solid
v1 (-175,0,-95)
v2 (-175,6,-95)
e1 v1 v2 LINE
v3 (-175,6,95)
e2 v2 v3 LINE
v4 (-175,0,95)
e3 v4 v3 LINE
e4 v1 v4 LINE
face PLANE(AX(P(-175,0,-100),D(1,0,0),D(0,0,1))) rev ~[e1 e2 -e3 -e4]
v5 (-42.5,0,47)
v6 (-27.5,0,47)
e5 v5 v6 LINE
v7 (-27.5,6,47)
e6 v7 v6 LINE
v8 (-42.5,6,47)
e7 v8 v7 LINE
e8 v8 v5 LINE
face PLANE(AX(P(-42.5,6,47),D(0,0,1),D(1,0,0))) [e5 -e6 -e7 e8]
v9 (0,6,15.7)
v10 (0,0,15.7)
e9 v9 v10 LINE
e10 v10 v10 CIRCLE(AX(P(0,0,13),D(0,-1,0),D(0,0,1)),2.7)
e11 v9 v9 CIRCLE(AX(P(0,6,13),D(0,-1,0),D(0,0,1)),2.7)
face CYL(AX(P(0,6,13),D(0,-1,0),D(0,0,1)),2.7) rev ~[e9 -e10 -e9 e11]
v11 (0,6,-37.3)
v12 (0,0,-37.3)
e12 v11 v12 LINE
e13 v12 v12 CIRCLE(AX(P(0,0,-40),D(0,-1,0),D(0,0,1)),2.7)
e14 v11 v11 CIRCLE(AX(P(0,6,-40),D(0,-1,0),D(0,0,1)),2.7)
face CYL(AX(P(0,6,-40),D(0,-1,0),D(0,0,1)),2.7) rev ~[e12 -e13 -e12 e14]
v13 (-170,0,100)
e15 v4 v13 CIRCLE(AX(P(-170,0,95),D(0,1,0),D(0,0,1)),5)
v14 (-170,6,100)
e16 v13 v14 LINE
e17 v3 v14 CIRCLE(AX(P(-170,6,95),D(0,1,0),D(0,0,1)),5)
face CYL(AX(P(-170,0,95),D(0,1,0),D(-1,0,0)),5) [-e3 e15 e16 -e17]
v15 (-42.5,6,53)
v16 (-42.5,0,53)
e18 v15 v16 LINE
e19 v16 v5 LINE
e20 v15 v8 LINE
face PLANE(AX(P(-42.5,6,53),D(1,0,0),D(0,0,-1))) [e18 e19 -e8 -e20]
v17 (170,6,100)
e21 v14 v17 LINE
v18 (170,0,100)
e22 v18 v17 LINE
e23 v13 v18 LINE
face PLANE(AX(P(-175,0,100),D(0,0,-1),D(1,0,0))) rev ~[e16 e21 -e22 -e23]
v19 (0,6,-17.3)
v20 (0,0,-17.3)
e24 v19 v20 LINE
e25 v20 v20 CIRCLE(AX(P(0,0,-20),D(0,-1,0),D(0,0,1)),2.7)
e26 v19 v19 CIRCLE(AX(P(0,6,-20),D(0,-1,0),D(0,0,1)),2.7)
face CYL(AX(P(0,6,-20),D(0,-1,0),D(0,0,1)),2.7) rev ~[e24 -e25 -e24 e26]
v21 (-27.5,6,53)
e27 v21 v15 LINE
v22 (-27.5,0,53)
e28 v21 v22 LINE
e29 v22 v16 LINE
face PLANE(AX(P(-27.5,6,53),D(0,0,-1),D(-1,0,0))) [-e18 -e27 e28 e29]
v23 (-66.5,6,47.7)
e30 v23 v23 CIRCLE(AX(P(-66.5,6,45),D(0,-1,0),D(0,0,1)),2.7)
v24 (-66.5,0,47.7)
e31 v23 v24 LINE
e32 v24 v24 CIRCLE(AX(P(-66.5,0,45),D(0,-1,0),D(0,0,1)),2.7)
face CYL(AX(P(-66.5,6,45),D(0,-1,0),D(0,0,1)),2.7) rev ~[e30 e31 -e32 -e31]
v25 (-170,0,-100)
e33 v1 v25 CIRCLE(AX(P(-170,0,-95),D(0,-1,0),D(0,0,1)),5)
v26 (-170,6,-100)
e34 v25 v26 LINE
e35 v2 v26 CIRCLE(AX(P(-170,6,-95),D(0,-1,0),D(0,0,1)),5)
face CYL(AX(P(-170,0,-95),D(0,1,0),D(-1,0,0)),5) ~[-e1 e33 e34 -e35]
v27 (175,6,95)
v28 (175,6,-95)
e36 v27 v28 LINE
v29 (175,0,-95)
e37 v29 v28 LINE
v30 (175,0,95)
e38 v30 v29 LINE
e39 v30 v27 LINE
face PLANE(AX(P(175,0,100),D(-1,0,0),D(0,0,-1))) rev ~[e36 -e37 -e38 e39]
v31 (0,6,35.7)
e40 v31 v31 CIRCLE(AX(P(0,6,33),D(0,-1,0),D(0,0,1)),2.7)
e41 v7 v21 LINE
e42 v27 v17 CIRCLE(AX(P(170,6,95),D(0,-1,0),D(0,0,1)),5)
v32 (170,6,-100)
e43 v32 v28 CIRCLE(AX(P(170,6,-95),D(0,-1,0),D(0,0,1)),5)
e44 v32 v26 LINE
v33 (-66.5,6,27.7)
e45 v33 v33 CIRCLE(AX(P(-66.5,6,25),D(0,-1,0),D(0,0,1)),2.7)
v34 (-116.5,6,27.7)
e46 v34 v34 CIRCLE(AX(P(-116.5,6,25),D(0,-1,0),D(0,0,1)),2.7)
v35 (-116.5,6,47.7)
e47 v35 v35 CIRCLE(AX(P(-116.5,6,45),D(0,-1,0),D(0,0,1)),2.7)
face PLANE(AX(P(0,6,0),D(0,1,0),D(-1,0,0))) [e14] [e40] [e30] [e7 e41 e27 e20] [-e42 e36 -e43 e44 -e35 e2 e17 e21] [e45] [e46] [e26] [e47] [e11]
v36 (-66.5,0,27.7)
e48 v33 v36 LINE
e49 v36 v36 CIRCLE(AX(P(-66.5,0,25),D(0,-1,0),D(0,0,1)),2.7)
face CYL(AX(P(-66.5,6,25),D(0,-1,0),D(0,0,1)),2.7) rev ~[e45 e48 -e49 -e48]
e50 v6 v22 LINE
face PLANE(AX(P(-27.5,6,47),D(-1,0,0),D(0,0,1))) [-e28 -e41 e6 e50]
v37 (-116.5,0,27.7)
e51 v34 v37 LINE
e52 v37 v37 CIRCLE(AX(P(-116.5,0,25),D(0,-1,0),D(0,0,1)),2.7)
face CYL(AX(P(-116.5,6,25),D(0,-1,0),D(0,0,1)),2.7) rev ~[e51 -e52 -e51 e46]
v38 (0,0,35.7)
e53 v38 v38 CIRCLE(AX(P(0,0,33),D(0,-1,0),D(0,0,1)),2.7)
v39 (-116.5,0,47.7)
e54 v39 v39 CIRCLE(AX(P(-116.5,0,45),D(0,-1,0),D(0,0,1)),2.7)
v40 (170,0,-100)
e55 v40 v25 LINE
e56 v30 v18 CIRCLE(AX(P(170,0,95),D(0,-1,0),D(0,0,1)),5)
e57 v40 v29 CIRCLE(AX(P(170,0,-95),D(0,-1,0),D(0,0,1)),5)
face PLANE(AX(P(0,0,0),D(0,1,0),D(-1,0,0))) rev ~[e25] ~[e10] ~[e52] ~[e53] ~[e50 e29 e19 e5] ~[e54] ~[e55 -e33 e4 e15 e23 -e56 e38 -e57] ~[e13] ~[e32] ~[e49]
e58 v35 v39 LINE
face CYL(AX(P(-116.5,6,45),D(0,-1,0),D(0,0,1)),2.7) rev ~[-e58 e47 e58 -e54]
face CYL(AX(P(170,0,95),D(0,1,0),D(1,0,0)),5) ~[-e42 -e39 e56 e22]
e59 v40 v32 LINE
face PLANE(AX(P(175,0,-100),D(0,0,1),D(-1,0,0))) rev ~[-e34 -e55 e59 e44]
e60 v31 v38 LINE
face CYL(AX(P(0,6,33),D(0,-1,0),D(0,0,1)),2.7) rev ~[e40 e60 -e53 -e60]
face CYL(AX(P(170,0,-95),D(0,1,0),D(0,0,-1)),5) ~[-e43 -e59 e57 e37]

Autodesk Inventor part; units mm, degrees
ref_plane "YZ Plane" through (0, 0, 0) normal (1, 0, 0) x (0, 1, 0)
ref_plane "XZ Plane" through (0, 0, 0) normal (0, 1, 0) x (-1, 0, 0)
ref_plane "XY Plane" through (0, 0, 0) normal (0, 0, 1) x (1, 0, 0)
sketch "Sketch1" plane through (0, 0, 0) normal (0, 1, 0) x (-1, 0, 0)
  line L0 (175, 100) -> (-175, 100)
  line L1 (-175, 100) -> (-175, -100)
  line L2 (-175, -100) -> (175, -100)
  line L3 (175, -100) -> (175, 100)
  line L4 (175, 100) -> (-175, -100) construction
  line L5 (-175, 100) -> (175, -100) construction
  point P0 (0, 0)
  dimension "d0" = 350
  dimension "d1" = 200
extrude "Extrusion1" add sketch "Sketch1" along normal blind 6
fillet "Fillet1" radius 5 4 edges at (175, 3, 100) (175, 3, -100) (-175, 3, 100) (-175, 3, -100)
sketch "Sketch2" plane through (0, 6, 0) normal (0, 1, 0) x (1, 0, 0)
  line L0 (70.7569, -69.3202) -> (168.4517, -69.3202) construction
  line L1 (168.4517, -69.3202) -> (168.4517, -91.5888) construction
  line L2 (168.4517, -91.5888) -> (70.7569, -91.5888) construction
  line L3 (70.7569, -91.5888) -> (70.7569, -69.3202) construction
  point P0 (0, 0)
sketch "Sketch3" plane through (0, 6, 0) normal (0, 1, 0) x (1, 0, 0)
  line L0 (-175, 95) -> (-175, -95) projected
  line L1 (-170, -100) -> (170, -100) projected
  line L2 (170, 100) -> (-170, 100) projected
  line L3 (-42.5, -47) -> (-27.5, -47)
  line L4 (-27.5, -47) -> (-27.5, -53)
  line L5 (-27.5, -53) -> (-42.5, -53)
  line L6 (-42.5, -53) -> (-42.5, -47)
  line L7 (-42.5, -47) -> (-27.5, -53) construction
  line L8 (-27.5, -47) -> (-42.5, -53) construction
  line L9 (0, 140) -> (0, -140) projected
  line L10 (245, 0) -> (-245, 0) projected
  point P0 (0, 0)
  point P1 (0, 20)
  point P2 (0, 40)
  point P3 (0, -13)
  point P4 (0, -33)
  point P5 (-116.5, -45)
  point P6 (-116.5, -25)
  point P7 (-66.5, -25)
  point P8 (-66.5, -45)
  point P9 (-35, -50)
  dimension "d7" = 20
  dimension "d8" = 20
  dimension "d18" = 20
  dimension "d19" = 20
  dimension "d20" = 50
  dimension "d21" = 58.5
  dimension "d22" = 55
  dimension "d23" = 60
  dimension "d24" = 33
  dimension "d25" = 15
  dimension "d26" = 6
  dimension "d27" = 35
  dimension "d30" = 50
hole "Hole1" at (0, 6, -40) at (0, 6, 33) at (0, 6, 13) at (0, 6, -20) at (-116.5, 6, 45) at (-116.5, 6, 25) at (-66.5, 6, 25) at (-66.5, 6, 45) direction (0, -1, 0) diameter 5.4 end through all
extrude "Extrusion2" cut sketch "Sketch3" against normal through all
equation "\"d8\" = d7"
equation "\"d19\" = d18"
properties part number "base"
